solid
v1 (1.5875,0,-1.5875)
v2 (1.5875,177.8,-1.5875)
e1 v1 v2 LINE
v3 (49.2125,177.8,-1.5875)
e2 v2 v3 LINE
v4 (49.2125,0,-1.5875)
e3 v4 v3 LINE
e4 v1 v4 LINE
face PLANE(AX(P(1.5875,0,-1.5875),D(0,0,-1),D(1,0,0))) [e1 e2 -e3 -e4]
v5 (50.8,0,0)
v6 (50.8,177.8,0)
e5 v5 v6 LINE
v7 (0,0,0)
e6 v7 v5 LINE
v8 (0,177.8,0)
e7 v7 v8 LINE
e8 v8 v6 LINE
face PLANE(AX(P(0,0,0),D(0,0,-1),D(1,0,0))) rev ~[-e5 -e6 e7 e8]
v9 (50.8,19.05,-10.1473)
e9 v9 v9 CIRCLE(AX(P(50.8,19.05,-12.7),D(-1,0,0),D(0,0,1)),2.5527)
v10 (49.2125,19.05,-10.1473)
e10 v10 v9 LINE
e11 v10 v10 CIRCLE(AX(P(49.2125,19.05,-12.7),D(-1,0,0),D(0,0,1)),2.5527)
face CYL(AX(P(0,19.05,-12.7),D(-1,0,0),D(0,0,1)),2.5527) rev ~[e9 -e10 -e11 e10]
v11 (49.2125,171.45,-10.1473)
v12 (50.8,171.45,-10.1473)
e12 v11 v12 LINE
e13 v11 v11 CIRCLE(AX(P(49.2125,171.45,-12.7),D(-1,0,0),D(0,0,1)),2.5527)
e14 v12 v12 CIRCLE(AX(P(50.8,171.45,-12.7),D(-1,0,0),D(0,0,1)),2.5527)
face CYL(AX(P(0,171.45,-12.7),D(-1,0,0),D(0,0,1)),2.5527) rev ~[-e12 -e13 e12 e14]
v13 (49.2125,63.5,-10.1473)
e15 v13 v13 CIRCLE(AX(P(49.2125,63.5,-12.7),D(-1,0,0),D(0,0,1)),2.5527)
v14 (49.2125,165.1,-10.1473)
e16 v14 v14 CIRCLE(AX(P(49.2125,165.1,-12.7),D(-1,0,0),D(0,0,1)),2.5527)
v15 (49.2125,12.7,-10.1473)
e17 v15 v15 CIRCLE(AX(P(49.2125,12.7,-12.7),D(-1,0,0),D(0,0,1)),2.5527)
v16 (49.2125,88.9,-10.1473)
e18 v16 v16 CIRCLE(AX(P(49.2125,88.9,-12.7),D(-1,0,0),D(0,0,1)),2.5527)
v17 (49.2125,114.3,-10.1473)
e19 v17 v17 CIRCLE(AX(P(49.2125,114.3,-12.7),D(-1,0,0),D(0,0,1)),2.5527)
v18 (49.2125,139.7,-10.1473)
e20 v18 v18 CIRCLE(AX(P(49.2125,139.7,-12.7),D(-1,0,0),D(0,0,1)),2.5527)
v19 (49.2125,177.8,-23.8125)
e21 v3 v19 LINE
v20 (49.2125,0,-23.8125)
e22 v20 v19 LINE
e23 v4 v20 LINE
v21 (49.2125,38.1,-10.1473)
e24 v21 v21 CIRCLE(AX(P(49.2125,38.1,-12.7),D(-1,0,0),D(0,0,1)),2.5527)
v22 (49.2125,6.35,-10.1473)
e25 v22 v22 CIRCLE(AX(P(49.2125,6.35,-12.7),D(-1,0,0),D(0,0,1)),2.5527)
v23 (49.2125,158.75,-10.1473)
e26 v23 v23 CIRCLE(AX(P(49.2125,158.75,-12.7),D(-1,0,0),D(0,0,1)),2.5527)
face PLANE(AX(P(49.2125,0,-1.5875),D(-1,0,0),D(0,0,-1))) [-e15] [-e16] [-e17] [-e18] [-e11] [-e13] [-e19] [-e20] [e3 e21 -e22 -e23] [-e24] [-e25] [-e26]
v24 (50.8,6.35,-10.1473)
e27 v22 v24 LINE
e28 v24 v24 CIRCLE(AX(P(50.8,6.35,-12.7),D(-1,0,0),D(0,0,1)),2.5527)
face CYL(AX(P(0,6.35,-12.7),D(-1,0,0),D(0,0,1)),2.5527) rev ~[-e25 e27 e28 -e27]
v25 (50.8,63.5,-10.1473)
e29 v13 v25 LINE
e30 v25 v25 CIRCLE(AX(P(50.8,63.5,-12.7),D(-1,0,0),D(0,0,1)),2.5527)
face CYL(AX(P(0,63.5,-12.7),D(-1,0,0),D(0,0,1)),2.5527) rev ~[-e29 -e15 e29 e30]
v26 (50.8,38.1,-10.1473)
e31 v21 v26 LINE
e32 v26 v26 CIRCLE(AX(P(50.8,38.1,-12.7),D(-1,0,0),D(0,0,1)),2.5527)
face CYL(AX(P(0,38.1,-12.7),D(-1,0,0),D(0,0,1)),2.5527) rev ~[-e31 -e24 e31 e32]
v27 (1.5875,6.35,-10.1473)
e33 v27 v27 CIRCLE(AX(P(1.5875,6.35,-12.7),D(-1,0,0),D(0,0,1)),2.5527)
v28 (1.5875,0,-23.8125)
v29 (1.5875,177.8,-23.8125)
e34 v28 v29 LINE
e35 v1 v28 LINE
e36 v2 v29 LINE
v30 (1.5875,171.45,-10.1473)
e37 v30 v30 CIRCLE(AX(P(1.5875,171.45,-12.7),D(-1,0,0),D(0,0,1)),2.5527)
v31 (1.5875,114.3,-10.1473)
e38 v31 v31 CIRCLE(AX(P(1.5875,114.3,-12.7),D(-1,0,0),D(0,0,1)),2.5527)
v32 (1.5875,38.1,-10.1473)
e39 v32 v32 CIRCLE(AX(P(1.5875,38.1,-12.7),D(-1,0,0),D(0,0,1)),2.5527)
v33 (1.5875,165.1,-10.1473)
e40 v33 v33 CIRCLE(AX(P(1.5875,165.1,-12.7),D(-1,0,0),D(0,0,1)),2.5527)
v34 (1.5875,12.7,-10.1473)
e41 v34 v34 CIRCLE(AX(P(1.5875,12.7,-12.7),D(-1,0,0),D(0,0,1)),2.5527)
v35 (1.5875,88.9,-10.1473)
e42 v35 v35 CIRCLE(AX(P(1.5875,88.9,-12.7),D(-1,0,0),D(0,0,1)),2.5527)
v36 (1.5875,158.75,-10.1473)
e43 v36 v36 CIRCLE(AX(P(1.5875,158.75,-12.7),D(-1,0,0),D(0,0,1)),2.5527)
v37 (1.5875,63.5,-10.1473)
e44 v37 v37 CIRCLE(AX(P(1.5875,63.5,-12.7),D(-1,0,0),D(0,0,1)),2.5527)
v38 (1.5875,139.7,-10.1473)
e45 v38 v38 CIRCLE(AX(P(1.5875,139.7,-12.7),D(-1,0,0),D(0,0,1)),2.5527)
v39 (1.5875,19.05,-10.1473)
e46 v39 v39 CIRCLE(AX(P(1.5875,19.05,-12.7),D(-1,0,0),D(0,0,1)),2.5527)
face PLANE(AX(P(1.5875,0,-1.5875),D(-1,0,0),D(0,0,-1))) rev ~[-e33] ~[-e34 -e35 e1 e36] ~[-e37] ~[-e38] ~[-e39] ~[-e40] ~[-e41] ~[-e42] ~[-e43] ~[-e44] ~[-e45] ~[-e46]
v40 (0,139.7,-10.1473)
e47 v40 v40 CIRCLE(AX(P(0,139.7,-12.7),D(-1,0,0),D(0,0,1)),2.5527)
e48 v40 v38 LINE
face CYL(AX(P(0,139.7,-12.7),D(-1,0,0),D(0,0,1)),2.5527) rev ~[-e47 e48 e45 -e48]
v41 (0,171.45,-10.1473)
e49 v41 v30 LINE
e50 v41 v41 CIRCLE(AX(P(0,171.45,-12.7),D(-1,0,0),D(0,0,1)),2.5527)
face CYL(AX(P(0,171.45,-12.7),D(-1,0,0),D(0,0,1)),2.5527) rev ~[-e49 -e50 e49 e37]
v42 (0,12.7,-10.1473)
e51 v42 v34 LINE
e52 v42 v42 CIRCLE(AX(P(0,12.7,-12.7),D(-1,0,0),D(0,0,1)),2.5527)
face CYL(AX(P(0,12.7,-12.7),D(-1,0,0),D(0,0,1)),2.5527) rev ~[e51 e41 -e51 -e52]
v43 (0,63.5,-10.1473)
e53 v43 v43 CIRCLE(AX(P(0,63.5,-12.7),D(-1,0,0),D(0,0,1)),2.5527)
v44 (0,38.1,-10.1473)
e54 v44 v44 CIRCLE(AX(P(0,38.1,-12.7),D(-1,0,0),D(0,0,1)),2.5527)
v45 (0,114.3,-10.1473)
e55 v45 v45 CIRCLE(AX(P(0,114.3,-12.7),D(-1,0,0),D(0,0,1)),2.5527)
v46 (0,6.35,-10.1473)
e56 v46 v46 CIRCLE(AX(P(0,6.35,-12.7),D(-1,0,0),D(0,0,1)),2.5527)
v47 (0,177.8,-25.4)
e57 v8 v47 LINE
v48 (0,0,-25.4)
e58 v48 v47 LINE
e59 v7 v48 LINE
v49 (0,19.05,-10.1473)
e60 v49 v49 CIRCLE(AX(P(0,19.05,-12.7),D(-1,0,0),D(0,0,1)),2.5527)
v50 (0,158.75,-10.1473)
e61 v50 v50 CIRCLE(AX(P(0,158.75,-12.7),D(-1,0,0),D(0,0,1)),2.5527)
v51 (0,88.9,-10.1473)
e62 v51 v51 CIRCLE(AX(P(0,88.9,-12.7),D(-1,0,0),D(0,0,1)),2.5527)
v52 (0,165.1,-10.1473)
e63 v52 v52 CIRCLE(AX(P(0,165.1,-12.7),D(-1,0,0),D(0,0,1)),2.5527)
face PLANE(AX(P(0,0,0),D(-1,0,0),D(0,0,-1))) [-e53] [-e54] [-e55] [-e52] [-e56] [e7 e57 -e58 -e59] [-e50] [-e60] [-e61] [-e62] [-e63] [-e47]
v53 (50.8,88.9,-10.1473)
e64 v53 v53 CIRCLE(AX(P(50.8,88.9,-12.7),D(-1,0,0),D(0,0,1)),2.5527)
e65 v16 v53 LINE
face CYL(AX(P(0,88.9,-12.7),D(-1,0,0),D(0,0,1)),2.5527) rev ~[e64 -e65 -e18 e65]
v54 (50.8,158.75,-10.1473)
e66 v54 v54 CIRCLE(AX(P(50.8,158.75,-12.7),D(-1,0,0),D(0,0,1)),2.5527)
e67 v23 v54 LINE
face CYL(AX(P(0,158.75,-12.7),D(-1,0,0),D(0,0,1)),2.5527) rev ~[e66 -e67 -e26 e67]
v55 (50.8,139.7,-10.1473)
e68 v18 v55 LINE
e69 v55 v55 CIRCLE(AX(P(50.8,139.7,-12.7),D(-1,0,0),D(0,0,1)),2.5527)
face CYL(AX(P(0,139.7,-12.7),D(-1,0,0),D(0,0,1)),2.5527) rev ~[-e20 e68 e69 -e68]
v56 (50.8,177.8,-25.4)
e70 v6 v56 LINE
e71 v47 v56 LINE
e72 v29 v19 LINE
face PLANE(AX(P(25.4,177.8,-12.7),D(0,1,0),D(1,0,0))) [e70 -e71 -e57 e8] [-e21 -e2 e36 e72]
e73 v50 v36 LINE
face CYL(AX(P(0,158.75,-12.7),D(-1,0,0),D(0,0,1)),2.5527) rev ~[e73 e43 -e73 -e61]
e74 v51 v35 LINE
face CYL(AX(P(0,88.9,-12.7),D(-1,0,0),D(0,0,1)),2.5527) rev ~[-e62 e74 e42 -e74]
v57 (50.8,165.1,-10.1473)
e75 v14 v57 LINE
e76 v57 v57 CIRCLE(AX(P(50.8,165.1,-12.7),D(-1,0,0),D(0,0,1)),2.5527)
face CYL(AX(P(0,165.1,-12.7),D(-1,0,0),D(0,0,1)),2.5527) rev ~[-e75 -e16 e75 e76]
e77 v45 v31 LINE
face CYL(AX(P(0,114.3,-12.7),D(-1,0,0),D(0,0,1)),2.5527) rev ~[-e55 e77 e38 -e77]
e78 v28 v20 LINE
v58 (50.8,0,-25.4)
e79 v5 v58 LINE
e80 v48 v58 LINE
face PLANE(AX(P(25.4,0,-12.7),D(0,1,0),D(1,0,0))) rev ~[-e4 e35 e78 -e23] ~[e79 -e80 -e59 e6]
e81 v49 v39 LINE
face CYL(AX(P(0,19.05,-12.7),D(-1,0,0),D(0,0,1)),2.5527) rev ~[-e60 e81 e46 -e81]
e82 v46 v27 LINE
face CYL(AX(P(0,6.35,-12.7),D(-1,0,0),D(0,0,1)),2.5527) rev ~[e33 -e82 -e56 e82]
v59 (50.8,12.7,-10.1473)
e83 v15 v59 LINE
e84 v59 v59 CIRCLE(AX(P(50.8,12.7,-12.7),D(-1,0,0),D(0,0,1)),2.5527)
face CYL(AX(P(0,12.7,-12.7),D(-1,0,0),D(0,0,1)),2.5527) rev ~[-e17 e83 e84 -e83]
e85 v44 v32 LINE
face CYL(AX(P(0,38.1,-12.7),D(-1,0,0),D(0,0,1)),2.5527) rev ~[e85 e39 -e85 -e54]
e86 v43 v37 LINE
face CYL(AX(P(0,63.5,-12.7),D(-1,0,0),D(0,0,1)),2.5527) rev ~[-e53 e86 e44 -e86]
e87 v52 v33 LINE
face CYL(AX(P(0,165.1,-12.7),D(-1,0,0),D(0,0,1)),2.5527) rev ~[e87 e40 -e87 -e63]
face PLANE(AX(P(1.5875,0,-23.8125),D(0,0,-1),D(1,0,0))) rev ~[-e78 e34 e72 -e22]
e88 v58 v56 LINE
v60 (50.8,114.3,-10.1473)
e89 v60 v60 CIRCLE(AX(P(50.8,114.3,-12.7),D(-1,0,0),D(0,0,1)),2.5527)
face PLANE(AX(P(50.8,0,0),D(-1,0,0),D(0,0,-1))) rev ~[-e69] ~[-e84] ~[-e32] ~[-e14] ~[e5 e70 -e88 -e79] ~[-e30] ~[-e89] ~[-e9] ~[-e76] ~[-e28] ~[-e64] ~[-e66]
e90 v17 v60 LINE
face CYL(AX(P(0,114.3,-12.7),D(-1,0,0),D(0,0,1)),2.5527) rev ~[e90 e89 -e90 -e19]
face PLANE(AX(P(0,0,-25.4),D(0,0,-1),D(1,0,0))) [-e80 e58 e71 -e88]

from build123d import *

# Parameters (mm, degrees)
SKETCH2_W           = 50.8
SKETCH2_H           = 25.4
SKETCH2_W_2         = 47.625
SKETCH2_H_2         = 22.225
BOSS_EXTRUDE2_DEPTH = 177.8
SKETCH4_R           = 2.5527
CUT_EXTRUDE2_DEPTH  = 50.8
LPATTERN1_COUNT     = 27
LPATTERN1_PITCH     = 6.35
SKETCH5_R           = 2.5527
CUT_EXTRUDE3_DEPTH  = 50.8
LPATTERN2_COUNT     = 5
LPATTERN2_PITCH     = 25.4


with BuildPart() as part:
    # Sketch2 → Boss-Extrude2 (new body)
    with BuildSketch(Plane(origin=(0, 0, 0), x_dir=(1, 0, 0), z_dir=(0, 1, 0))):
        with Locations((25.4, 12.7)):
            Rectangle(SKETCH2_W, SKETCH2_H)
        with Locations((25.4, 12.7)):
            Rectangle(SKETCH2_W_2, SKETCH2_H_2, mode=Mode.SUBTRACT)
    extrude(amount=BOSS_EXTRUDE2_DEPTH)

    # Sketch4 → Cut-Extrude2 (cut)
    with BuildSketch(Plane.ZY):
        with Locations((-12.7, 171.45)):
            Circle(SKETCH4_R)
    cut_extrude2 = extrude(amount=-CUT_EXTRUDE2_DEPTH, mode=Mode.SUBTRACT)

    # LPattern1: Cut-Extrude2 ×27, 21 skipped
    with Locations(*[(0, -i * LPATTERN1_PITCH, 0) for i in range(1, LPATTERN1_COUNT) if i not in (3, 4, 5, 6, 7, 8, 9, 10, 11, 12, 13, 14, 15, 16, 17, 18, 19, 20, 21, 22, 23)]):
        add(cut_extrude2, mode=Mode.SUBTRACT)

    # Sketch5 → Cut-Extrude3 (cut)
    with BuildSketch(Plane.ZY):
        with Locations((-12.7, 139.7)):
            Circle(SKETCH5_R)
    cut_extrude3 = extrude(amount=-CUT_EXTRUDE3_DEPTH, mode=Mode.SUBTRACT)

    # LPattern2: Cut-Extrude3 ×5
    with Locations(*[(0, -i * LPATTERN2_PITCH, 0) for i in range(1, LPATTERN2_COUNT)]):
        add(cut_extrude3, mode=Mode.SUBTRACT)


solid = part.part
